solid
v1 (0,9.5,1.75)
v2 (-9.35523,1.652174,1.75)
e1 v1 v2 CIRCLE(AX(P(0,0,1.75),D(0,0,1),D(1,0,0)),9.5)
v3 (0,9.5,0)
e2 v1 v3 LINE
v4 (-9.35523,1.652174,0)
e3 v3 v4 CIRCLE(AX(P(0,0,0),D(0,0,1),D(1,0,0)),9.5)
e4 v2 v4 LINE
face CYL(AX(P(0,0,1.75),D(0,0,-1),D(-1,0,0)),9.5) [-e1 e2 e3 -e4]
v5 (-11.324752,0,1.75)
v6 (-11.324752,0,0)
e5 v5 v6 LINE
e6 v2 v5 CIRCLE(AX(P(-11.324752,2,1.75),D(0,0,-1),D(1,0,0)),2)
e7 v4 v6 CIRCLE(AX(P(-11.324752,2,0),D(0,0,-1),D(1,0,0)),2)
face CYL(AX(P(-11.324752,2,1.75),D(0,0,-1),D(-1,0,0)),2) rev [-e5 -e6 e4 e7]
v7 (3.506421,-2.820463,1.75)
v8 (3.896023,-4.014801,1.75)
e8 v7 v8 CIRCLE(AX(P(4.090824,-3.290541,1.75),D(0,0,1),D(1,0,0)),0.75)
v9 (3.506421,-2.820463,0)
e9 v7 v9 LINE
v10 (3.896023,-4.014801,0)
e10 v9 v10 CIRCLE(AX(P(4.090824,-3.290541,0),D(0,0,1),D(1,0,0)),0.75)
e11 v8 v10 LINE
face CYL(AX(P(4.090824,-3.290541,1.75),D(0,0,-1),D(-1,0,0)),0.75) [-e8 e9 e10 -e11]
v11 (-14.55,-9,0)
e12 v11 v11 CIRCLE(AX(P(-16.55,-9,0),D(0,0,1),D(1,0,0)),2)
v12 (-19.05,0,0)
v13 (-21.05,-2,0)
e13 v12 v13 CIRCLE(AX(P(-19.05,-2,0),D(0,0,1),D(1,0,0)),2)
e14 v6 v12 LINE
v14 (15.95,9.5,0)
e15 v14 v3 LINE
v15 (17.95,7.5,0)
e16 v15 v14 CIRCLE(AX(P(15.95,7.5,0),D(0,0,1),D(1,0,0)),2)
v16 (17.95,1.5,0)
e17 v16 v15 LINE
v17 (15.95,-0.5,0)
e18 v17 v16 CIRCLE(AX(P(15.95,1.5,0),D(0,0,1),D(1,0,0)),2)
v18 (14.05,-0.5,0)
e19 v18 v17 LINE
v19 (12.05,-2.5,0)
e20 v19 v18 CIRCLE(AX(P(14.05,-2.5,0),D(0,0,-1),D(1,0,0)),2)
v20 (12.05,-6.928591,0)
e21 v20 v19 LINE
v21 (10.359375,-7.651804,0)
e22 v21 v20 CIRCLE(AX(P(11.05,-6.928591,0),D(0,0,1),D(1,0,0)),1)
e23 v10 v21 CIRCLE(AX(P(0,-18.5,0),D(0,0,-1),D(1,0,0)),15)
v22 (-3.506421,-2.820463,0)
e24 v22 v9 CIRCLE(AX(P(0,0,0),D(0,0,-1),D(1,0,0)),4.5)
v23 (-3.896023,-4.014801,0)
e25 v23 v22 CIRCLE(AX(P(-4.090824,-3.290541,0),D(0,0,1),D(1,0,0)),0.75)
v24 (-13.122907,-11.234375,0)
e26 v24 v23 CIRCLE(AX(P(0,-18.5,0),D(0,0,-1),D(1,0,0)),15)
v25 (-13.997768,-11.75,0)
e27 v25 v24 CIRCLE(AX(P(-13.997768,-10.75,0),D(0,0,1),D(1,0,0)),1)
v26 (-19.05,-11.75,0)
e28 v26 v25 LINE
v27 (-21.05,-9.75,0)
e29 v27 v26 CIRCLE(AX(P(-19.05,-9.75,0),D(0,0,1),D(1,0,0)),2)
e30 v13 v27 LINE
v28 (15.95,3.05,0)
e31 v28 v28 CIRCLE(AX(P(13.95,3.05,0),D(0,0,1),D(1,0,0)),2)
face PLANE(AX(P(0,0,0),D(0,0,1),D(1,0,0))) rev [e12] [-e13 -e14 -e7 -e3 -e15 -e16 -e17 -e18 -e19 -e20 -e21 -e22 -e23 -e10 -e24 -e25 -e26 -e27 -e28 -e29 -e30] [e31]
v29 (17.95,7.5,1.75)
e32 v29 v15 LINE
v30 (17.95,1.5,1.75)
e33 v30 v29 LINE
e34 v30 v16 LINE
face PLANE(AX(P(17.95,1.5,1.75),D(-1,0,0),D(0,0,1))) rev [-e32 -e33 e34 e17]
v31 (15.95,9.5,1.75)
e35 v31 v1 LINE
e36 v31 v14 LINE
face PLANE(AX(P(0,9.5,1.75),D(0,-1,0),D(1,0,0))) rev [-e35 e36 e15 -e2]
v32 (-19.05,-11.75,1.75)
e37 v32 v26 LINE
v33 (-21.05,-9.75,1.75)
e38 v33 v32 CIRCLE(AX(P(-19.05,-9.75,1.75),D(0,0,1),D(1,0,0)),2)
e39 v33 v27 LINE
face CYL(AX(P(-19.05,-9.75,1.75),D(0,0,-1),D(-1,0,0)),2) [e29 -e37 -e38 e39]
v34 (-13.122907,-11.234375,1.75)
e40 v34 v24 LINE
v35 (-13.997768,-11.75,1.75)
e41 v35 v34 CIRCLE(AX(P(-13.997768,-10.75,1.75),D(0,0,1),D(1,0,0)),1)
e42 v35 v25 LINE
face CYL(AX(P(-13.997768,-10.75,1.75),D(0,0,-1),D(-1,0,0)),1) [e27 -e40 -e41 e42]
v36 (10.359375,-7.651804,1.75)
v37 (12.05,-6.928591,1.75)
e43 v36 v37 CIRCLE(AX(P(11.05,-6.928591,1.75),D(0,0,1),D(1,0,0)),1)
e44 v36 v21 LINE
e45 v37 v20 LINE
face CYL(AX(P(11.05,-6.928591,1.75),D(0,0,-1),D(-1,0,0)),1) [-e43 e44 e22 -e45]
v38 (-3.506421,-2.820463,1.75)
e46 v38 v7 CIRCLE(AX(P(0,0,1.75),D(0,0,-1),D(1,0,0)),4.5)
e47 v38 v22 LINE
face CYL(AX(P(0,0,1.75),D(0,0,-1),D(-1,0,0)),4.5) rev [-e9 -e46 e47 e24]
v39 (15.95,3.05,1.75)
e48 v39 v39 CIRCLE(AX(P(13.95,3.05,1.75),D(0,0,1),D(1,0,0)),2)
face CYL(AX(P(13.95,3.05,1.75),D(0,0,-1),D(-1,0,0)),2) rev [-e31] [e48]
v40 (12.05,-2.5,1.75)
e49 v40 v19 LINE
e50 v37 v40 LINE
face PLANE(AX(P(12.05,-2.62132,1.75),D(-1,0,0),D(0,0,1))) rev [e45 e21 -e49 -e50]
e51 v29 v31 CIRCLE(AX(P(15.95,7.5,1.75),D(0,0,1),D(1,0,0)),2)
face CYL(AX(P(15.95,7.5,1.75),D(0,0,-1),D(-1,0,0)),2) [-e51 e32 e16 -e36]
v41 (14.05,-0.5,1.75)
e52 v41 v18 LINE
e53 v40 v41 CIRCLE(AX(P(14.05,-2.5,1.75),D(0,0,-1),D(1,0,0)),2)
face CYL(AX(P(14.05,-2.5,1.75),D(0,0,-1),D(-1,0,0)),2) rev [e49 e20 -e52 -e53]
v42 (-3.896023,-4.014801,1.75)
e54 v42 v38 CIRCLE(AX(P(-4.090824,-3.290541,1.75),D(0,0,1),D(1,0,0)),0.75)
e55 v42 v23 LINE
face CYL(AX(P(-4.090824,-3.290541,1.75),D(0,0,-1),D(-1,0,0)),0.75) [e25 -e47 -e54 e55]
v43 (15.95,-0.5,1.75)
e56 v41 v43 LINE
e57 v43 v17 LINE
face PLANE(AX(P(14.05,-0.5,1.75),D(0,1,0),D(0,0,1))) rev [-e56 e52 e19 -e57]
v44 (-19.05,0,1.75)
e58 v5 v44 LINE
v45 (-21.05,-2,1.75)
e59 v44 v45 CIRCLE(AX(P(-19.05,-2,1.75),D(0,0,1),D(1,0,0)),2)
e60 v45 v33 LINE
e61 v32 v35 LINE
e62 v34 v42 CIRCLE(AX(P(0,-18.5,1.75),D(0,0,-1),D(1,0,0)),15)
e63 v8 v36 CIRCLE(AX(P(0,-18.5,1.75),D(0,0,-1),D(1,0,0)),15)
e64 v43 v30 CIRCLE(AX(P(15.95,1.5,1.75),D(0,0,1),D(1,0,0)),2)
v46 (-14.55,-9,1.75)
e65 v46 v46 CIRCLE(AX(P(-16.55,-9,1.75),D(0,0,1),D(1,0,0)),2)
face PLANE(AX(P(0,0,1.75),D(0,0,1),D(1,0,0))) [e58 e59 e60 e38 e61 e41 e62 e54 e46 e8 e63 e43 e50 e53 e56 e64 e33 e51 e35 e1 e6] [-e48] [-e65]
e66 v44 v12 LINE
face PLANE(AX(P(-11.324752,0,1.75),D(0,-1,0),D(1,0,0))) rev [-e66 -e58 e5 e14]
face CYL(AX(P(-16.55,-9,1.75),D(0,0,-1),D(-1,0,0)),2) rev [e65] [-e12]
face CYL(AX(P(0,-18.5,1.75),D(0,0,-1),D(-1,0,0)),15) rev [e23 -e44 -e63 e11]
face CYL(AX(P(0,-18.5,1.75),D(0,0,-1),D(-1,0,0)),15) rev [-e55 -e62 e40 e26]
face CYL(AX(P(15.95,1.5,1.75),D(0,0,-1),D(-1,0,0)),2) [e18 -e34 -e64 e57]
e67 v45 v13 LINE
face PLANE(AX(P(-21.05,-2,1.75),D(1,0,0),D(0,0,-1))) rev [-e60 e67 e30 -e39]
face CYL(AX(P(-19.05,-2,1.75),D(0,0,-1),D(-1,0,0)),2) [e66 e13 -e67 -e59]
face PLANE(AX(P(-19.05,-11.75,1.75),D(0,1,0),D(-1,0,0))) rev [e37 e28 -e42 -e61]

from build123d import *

# Parameters (mm, degrees)
SKETCH1_R           = 2
BOSS_EXTRUDE2_DEPTH = 1.75


with BuildPart() as part:
    # Sketch1 → Boss-Extrude2 (new body)
    with BuildSketch(Plane.XY):
        with BuildLine():
            Line((0, 9.5), (15.95, 9.5))
            ThreePointArc((15.95, 9.5), (17.364213562, 8.914213562), (17.95, 7.5))
            Line((17.95, 7.5), (17.95, 1.5))
            ThreePointArc((17.95, 1.5), (17.364213562, 0.085786438), (15.95, -0.5))
            Line((15.95, -0.5), (14.05, -0.5))
            ThreePointArc((14.05, -0.5), (12.635786438, -1.085786438), (12.05, -2.5))
            Line((12.05, -2.5), (12.05, -2.621320344))
            Line((12.05, -2.621320344), (12.05, -6.92859127))
            ThreePointArc((12.05, -6.92859127), (11.443303318, -7.848000047), (10.359375, -7.651804315))
            ThreePointArc((10.359375, -7.651804315), (7.356020854, -5.427549686), (3.896023084, -4.014800515))
            ThreePointArc((3.896023084, -4.014800515), (3.377802295, -3.523133979), (3.506420776, -2.82046332))
            ThreePointArc((3.506420776, -2.82046332), (4.482227913, -0.399540902), (3.95, 2.155806114))
            ThreePointArc((3.95, 2.155806114), (-2.498000201, 3.742992786), (-3.506420776, -2.82046332))
            ThreePointArc((-3.506420776, -2.82046332), (-3.377802295, -3.523133979), (-3.896023084, -4.014800515))
            ThreePointArc((-3.896023084, -4.014800515), (-9.243460442, -6.686514525), (-13.122907199, -11.234375))
            ThreePointArc((-13.122907199, -11.234375), (-13.490015279, -11.611503047), (-13.997767679, -11.75))
            Line((-13.997767679, -11.75), (-19.05, -11.75))
            ThreePointArc((-19.05, -11.75), (-20.464213562, -11.164213562), (-21.05, -9.75))
            Line((-21.05, -9.75), (-21.05, -2))
            ThreePointArc((-21.05, -2), (-20.464213562, -0.585786438), (-19.05, 0))
            Line((-19.05, 0), (-11.324751653, 0))
            ThreePointArc((-11.324751653, 0), (-10.039382479, 0.467738245), (-9.355229626, 1.652173913))
            ThreePointArc((-9.355229626, 1.652173913), (-6.105503576, 7.278243338), (0, 9.5))
        make_face()
        with Locations((-16.55, -9)):
            Circle(SKETCH1_R, mode=Mode.SUBTRACT)
        with Locations((13.95, 3.05)):
            Circle(SKETCH1_R, mode=Mode.SUBTRACT)
    extrude(amount=BOSS_EXTRUDE2_DEPTH)


solid = part.part
